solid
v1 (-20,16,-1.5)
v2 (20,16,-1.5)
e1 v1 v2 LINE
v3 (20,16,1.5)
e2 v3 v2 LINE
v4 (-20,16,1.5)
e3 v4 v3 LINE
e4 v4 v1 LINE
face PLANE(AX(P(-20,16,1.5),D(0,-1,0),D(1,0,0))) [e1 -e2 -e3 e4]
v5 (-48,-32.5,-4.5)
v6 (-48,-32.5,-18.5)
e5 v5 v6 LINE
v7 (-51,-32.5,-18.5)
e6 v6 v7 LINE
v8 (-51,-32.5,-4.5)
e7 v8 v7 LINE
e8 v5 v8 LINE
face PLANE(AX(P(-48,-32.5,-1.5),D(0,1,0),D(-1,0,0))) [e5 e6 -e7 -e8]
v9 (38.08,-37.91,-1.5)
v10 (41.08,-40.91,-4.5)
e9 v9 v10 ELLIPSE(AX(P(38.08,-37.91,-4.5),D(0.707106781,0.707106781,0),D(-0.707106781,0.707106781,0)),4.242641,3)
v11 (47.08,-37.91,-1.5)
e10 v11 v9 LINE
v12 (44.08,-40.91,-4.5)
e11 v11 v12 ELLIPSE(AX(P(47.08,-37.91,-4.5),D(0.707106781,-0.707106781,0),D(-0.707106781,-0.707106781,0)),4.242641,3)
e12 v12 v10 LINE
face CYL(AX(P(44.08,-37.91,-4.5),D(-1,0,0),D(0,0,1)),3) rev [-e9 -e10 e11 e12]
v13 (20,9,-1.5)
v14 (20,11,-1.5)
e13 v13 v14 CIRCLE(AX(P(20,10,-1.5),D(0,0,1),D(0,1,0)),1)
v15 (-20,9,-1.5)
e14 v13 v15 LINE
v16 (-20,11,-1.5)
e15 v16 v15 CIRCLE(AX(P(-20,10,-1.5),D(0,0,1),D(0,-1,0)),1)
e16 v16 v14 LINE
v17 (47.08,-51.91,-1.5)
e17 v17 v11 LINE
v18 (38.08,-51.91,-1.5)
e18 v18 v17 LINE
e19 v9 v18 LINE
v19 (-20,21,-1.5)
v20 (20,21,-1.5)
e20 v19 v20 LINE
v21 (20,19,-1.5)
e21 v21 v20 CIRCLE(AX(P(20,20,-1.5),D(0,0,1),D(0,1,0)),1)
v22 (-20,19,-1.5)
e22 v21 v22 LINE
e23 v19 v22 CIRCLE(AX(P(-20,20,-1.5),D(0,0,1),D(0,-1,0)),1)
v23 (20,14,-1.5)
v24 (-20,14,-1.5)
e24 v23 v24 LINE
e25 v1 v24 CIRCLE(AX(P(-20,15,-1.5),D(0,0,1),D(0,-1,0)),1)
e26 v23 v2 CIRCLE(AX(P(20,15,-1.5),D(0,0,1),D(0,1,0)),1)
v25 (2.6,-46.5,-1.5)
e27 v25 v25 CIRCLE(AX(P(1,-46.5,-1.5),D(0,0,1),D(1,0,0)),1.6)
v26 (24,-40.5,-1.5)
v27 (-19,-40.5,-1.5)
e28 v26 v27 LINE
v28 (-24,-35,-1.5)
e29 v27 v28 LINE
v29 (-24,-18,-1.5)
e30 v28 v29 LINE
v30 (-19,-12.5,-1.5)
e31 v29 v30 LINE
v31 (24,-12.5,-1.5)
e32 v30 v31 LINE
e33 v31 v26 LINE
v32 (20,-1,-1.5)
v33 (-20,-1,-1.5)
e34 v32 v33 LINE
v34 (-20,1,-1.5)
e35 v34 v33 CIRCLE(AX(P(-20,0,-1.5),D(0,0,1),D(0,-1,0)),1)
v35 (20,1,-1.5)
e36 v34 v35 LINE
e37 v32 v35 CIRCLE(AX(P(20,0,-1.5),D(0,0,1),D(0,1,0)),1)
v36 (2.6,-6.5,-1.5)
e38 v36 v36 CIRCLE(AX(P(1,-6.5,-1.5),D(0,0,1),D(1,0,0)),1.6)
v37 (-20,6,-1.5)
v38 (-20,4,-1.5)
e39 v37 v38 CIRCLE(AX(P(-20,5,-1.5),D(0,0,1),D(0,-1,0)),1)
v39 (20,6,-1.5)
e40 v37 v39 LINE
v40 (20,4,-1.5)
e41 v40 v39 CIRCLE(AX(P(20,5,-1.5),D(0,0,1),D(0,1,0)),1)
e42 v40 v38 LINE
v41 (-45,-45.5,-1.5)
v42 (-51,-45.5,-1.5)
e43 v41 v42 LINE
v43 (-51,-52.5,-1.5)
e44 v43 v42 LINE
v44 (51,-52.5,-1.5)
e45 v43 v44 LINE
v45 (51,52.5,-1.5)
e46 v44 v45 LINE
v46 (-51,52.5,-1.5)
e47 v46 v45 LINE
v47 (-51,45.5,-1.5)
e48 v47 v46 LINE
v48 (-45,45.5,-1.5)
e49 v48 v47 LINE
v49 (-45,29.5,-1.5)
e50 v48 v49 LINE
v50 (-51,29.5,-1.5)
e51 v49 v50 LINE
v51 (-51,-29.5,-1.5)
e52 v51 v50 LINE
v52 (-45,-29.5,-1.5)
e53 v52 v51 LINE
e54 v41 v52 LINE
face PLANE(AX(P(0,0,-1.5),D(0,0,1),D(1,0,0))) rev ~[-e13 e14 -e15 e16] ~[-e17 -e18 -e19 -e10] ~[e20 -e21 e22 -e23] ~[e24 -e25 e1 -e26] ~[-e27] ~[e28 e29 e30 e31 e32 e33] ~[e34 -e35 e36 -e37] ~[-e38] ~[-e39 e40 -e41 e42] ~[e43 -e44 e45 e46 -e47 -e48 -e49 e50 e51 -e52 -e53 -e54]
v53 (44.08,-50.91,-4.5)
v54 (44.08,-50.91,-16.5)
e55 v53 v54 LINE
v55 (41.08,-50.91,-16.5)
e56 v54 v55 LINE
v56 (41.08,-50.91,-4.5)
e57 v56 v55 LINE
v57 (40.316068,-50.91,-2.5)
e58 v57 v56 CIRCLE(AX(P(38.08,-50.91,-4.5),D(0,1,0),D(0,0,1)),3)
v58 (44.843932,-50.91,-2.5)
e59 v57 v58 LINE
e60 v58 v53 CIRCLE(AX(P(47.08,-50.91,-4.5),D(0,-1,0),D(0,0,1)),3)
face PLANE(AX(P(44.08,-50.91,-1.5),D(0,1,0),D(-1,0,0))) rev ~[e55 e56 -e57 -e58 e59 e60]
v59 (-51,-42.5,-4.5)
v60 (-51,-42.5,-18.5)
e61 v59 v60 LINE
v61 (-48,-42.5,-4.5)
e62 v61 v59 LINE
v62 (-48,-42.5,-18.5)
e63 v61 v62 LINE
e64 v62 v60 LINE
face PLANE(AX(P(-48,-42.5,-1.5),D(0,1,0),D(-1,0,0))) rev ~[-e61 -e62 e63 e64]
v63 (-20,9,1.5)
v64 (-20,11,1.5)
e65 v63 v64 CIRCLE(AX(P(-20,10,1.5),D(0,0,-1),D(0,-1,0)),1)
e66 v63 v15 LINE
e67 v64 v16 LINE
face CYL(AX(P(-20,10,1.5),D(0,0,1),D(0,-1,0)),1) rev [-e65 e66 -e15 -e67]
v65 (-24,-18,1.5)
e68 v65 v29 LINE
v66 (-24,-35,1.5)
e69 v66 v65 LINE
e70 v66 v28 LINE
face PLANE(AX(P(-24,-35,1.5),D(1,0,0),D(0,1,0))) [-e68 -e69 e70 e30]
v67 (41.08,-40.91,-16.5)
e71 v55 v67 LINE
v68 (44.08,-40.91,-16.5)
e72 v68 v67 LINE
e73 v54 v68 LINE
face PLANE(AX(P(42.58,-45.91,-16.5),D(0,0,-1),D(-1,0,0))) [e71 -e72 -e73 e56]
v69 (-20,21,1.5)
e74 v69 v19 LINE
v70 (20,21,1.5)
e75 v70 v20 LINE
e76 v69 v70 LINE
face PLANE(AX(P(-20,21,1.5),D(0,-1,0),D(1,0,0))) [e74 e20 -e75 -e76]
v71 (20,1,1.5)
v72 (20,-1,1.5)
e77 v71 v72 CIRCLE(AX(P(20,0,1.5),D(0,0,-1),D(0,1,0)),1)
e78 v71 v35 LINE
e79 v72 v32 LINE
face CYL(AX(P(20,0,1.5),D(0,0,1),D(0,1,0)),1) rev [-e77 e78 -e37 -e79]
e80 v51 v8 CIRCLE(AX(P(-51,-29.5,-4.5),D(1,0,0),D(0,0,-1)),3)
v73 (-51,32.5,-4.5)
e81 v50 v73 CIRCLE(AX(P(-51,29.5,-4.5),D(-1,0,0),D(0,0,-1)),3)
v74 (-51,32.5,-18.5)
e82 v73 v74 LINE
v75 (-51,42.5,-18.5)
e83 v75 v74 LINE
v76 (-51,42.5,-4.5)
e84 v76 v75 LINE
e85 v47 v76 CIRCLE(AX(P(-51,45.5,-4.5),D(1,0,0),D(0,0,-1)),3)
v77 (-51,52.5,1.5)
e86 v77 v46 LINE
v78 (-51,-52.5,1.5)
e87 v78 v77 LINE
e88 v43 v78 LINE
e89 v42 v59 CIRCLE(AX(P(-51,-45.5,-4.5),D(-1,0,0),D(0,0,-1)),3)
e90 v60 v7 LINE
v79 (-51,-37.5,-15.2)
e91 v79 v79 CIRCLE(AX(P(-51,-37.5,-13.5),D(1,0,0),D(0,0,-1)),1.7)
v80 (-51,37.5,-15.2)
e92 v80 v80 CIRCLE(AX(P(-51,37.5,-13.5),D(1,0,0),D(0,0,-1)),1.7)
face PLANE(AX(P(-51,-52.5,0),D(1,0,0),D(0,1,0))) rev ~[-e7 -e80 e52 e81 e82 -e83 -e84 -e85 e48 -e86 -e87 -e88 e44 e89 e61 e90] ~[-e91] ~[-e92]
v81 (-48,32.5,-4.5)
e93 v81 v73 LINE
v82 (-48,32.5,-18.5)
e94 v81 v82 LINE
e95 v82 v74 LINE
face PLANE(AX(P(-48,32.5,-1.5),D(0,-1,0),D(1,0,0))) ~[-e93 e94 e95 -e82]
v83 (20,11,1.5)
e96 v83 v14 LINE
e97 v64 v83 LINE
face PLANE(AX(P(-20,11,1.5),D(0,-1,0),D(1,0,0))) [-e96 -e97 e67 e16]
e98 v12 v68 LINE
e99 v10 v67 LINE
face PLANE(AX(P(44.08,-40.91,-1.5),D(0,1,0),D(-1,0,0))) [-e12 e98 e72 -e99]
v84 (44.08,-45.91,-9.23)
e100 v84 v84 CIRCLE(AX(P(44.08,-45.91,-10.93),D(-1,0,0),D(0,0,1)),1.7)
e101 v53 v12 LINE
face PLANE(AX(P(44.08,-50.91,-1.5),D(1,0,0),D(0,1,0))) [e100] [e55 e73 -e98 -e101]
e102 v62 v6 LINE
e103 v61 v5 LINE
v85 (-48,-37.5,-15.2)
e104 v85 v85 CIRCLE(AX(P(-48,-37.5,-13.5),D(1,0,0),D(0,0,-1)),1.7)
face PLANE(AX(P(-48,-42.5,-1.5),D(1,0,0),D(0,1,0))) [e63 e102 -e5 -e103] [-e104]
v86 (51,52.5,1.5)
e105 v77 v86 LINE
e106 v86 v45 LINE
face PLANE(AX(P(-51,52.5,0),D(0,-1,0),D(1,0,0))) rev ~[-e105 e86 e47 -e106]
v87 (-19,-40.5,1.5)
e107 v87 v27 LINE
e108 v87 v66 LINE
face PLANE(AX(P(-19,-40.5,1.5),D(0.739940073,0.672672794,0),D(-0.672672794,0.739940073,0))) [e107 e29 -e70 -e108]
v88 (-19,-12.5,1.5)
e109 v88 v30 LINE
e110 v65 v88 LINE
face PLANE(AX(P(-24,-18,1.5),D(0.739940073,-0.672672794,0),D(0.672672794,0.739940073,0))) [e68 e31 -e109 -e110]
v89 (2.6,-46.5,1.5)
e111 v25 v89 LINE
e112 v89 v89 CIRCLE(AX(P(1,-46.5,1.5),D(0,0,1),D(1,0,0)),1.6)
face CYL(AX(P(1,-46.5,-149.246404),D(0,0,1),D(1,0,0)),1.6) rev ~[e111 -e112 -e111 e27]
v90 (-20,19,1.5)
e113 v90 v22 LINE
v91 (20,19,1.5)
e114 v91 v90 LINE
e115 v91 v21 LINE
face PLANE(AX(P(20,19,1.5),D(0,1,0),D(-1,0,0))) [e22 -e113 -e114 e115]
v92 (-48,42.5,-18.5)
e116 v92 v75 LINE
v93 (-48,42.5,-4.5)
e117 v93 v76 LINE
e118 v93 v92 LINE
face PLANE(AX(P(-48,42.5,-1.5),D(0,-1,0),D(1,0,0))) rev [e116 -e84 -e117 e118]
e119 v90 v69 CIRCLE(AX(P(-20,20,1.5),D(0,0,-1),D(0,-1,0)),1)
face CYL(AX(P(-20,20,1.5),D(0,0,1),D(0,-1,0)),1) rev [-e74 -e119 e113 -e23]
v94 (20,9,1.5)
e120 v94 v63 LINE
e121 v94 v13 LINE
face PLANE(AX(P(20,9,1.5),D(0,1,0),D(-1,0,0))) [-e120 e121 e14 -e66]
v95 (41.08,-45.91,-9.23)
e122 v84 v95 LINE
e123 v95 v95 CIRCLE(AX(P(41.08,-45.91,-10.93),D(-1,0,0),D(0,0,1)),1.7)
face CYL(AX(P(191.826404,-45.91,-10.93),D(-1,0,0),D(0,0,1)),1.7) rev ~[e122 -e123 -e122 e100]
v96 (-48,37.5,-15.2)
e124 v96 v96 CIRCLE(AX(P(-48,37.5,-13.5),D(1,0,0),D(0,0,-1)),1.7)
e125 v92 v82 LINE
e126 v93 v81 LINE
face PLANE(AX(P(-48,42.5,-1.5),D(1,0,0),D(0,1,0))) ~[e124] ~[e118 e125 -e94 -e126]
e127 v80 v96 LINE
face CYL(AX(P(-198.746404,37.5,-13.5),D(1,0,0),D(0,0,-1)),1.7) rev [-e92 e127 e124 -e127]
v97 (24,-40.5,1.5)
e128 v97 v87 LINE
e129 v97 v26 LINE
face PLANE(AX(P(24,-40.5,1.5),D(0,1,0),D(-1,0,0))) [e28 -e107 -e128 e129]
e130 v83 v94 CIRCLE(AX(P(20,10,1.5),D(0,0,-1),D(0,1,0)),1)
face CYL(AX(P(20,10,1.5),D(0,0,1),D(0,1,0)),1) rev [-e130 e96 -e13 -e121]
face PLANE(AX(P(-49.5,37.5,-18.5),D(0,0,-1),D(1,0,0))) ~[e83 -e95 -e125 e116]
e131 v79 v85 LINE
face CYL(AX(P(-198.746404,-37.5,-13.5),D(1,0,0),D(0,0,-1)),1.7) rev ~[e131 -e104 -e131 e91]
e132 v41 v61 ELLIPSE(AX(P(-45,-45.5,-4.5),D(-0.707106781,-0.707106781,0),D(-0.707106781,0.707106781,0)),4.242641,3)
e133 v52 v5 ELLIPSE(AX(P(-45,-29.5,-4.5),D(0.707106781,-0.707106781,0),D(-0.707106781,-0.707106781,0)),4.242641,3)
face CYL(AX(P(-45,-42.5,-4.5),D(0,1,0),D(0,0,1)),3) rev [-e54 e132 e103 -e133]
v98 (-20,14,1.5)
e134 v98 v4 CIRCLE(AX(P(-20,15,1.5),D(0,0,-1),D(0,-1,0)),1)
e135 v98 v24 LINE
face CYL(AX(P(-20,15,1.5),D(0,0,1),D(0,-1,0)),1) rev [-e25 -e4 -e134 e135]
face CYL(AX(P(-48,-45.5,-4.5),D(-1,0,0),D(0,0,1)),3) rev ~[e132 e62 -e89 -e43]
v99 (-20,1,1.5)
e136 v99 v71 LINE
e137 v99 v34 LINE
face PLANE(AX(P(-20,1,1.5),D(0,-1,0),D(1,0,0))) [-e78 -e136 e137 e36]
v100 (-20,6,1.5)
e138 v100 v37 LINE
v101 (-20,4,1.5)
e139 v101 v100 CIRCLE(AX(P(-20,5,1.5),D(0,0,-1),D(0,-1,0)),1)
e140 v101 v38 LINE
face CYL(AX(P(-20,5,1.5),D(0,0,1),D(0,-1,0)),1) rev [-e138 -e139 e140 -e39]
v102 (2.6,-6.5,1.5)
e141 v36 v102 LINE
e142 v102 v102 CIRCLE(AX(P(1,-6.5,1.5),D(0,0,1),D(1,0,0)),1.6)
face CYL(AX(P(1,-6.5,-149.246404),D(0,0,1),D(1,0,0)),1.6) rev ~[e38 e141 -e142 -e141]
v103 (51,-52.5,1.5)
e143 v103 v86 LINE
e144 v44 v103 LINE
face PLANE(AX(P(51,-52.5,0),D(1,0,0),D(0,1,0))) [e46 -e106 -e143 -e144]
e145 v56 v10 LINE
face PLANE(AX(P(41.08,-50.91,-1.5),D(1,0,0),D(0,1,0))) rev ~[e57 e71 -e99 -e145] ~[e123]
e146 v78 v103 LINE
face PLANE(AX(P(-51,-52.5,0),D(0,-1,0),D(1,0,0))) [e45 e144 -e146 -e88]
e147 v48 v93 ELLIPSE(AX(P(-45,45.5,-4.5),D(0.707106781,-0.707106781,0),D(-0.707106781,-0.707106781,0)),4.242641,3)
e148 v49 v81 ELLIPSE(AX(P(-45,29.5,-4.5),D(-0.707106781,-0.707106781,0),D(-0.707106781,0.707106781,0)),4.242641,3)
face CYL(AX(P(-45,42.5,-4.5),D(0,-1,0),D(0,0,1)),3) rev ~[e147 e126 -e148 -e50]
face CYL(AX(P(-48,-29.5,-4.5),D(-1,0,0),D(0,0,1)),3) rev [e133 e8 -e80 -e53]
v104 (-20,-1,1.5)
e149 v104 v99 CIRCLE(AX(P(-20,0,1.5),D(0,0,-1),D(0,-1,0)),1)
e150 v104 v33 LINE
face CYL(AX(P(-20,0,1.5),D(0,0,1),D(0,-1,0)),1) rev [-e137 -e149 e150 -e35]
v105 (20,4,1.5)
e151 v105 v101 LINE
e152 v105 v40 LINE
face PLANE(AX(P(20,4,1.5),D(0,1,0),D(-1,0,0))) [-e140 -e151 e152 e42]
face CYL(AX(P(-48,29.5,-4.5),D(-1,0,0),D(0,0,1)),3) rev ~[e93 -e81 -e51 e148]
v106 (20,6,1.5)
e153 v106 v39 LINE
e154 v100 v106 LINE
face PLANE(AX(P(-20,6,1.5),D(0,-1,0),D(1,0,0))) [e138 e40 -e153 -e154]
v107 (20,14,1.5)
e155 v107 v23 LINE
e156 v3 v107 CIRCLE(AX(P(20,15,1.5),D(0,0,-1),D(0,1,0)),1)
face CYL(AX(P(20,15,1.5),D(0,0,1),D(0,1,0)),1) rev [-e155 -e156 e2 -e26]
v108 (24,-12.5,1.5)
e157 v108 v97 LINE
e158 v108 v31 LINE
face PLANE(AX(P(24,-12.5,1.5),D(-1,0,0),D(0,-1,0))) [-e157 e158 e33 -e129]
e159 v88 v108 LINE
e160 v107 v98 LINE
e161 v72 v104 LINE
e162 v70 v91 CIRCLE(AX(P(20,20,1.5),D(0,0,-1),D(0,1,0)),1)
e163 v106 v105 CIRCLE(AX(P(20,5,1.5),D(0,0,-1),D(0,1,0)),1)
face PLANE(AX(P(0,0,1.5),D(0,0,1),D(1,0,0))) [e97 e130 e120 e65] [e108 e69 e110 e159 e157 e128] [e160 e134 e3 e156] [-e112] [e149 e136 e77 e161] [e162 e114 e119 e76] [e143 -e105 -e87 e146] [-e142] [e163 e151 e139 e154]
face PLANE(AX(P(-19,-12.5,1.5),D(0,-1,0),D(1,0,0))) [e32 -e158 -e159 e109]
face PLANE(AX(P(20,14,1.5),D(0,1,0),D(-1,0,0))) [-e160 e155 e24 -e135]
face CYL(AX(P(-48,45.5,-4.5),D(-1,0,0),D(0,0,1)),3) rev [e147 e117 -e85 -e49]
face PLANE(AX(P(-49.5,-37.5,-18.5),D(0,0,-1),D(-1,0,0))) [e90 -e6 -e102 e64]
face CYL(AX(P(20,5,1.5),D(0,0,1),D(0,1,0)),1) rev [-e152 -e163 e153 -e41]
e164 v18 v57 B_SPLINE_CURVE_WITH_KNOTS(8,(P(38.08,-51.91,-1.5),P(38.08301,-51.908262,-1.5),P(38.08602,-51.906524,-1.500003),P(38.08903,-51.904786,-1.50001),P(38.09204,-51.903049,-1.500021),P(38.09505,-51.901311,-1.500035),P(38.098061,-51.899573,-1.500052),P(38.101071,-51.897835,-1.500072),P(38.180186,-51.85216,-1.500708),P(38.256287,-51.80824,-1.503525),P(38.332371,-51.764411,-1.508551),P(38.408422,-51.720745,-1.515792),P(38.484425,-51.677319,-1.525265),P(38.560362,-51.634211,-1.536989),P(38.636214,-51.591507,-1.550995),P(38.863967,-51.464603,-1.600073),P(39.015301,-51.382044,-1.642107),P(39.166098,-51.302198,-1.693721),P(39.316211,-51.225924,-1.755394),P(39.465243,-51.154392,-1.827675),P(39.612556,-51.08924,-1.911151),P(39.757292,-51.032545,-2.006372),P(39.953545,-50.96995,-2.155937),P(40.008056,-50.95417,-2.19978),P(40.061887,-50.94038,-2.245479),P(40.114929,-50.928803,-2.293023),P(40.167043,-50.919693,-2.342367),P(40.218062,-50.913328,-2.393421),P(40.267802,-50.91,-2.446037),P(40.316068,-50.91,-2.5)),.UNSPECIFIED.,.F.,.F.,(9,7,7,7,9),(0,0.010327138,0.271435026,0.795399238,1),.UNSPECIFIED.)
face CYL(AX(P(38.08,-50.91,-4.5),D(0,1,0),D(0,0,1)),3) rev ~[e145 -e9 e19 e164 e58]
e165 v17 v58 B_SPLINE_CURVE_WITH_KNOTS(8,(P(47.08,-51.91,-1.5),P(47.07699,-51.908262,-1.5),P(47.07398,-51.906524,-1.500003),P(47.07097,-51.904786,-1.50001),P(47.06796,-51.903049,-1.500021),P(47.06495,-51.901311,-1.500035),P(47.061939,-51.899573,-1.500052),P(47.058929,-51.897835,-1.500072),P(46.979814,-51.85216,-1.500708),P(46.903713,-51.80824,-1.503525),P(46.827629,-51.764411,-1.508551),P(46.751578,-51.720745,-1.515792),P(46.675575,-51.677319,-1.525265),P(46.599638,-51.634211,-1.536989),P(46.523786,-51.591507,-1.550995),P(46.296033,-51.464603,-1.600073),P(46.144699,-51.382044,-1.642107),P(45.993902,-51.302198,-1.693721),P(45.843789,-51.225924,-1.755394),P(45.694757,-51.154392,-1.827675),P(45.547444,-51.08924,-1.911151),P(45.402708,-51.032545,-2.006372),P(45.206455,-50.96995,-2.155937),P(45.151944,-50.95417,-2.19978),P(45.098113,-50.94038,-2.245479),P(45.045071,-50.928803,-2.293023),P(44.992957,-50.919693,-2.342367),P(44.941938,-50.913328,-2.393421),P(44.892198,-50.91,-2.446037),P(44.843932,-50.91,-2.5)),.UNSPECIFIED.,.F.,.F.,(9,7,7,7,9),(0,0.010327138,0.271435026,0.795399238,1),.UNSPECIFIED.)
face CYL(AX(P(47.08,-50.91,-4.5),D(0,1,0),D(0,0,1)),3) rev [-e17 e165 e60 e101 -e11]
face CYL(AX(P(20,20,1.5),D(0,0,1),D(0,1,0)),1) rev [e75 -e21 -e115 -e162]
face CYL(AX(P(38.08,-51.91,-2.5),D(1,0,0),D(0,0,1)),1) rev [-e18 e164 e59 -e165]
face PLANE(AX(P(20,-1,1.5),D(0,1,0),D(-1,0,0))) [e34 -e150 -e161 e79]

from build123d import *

# Parameters (mm, degrees)
SKETCH2_W            = 102
SKETCH2_H            = 105
BOSS_EXTRUDE1_DEPTH  = 1.5
CUT_EXTRUDE1_DEPTH   = 10
CUT_EXTRUDE2_DEPTH   = 10
SKETCH5_W            = 3
SKETCH5_H            = 10
BOSS_EXTRUDE2_DEPTH  = 17
FILLET1_R            = 3
M3_CLEARANCE_HOLE1_D = 3.4
SKETCH8_W            = 3
SKETCH8_H            = 10
BOSS_EXTRUDE3_DEPTH  = 15
M3_CLEARANCE_HOLE2_D = 3.4
FILLET2_R            = 3
FILLET3_R            = 1
FILLET1_OF_MIRROR1_R = 3
M3_CLEARANCE_HOLE3_D = 3.2


with BuildPart() as part:
    # Sketch2 → Boss-Extrude1 (new, symmetric)
    with BuildSketch(Plane.XY):
        Rectangle(SKETCH2_W, SKETCH2_H)
    extrude(amount=BOSS_EXTRUDE1_DEPTH, both=True)

    # Sketch3 → Cut-Extrude1 (cut)
    with BuildSketch(Plane.XY.offset(1.5)):
        with BuildLine():
            Line((-20, 1), (20, 1))
            ThreePointArc((20, 1), (21, 0), (20, -1))
            Line((20, -1), (-20, -1))
            ThreePointArc((-20, -1), (-21, 0), (-20, 1))
        make_face()
        with BuildLine():
            Line((-20, 6), (20, 6))
            ThreePointArc((20, 6), (21, 5), (20, 4))
            Line((20, 4), (-20, 4))
            ThreePointArc((-20, 4), (-21, 5), (-20, 6))
        make_face()
        with BuildLine():
            Line((-20, 11), (20, 11))
            ThreePointArc((20, 11), (21, 10), (20, 9))
            Line((20, 9), (-20, 9))
            ThreePointArc((-20, 9), (-21, 10), (-20, 11))
        make_face()
        with BuildLine():
            Line((-20, 16), (20, 16))
            ThreePointArc((20, 16), (21, 15), (20, 14))
            Line((20, 14), (-20, 14))
            ThreePointArc((-20, 14), (-21, 15), (-20, 16))
        make_face()
        with BuildLine():
            Line((-20, 21), (20, 21))
            ThreePointArc((20, 21), (21, 20), (20, 19))
            Line((20, 19), (-20, 19))
            ThreePointArc((-20, 19), (-21, 20), (-20, 21))
        make_face()
    extrude(amount=-CUT_EXTRUDE1_DEPTH, mode=Mode.SUBTRACT)

    # Sketch4 → Cut-Extrude2 (cut)
    with BuildSketch(Plane.XY.offset(1.5)):
        Polygon((-19, -12.5), (24, -12.5), (24, -40.5), (-19, -40.5), (-24, -35), (-24, -18), align=None)
    extrude(amount=-CUT_EXTRUDE2_DEPTH, mode=Mode.SUBTRACT)

    # Sketch5 → Boss-Extrude2 (add)
    with BuildSketch(Plane(origin=(0, 0, -1.5), x_dir=(-1, 0, 0), z_dir=(0, 0, -1))):
        with Locations((49.5, -37.5)):
            Rectangle(SKETCH5_W, SKETCH5_H)
    boss_extrude2 = extrude(amount=BOSS_EXTRUDE2_DEPTH)

    # Fillet1
    fillet1_edges = [part.edges().sort_by_distance(p)[0] for p in [
        (-49.5, -32.5, -1.5),
        (-48, -37.5, -1.5),
        (-49.5, -42.5, -1.5),
    ]]
    fillet(fillet1_edges, radius=FILLET1_R)

    # M3 Clearance Hole1 (through all)
    with Locations(Plane.ZY.offset(51)):
        with Locations((-13.5, -37.5)):
            m3_clearance_hole1 = Hole(M3_CLEARANCE_HOLE1_D / 2)

    # Sketch8 → Boss-Extrude3 (add)
    with BuildSketch(Plane(origin=(0, 0, -1.5), x_dir=(-1, 0, 0), z_dir=(0, 0, -1))):
        with Locations((-42.58, -45.91)):
            Rectangle(SKETCH8_W, SKETCH8_H)
    extrude(amount=BOSS_EXTRUDE3_DEPTH)

    # M3 Clearance Hole2 (through all)
    with Locations(Plane(origin=(44.08, 0, 0), x_dir=(0, 0, -1), z_dir=(1, 0, 0))):
        with Locations((10.93, -45.91)):
            Hole(M3_CLEARANCE_HOLE2_D / 2)

    # Fillet2
    fillet2_edges = [part.edges().sort_by_distance(p)[0] for p in [
        (41.08, -45.91, -1.5),
        (42.58, -40.91, -1.5),
        (44.08, -45.91, -1.5),
    ]]
    fillet(fillet2_edges, radius=FILLET2_R)

    # Fillet3
    fillet3_edges = [part.edges().sort_by_distance(p)[0] for p in [
        (42.58, -50.91, -1.5),
    ]]
    fillet(fillet3_edges, radius=FILLET3_R)

    # Mirror1: Boss-Extrude2, M3 Clearance Hole1 across plane
    add(boss_extrude2.mirror(Plane.ZX))
    add(m3_clearance_hole1.mirror(Plane.ZX), mode=Mode.SUBTRACT)

    # Fillet1 of Mirror1
    fillet1_of_mirror1_edges = [part.edges().sort_by_distance(p)[0] for p in [
        (-49.5, 32.5, -1.5),
        (-48, 37.5, -1.5),
        (-49.5, 42.5, -1.5),
    ]]
    fillet(fillet1_of_mirror1_edges, radius=FILLET1_OF_MIRROR1_R)

    # M3 Clearance Hole3 (through all)
    with Locations(Plane(origin=(0, 0, -1.5), x_dir=(-1, 0, 0), z_dir=(0, 0, -1))):
        with Locations((-1, -6.5), (-1, -46.5)):
            Hole(M3_CLEARANCE_HOLE3_D / 2)


solid = part.part
